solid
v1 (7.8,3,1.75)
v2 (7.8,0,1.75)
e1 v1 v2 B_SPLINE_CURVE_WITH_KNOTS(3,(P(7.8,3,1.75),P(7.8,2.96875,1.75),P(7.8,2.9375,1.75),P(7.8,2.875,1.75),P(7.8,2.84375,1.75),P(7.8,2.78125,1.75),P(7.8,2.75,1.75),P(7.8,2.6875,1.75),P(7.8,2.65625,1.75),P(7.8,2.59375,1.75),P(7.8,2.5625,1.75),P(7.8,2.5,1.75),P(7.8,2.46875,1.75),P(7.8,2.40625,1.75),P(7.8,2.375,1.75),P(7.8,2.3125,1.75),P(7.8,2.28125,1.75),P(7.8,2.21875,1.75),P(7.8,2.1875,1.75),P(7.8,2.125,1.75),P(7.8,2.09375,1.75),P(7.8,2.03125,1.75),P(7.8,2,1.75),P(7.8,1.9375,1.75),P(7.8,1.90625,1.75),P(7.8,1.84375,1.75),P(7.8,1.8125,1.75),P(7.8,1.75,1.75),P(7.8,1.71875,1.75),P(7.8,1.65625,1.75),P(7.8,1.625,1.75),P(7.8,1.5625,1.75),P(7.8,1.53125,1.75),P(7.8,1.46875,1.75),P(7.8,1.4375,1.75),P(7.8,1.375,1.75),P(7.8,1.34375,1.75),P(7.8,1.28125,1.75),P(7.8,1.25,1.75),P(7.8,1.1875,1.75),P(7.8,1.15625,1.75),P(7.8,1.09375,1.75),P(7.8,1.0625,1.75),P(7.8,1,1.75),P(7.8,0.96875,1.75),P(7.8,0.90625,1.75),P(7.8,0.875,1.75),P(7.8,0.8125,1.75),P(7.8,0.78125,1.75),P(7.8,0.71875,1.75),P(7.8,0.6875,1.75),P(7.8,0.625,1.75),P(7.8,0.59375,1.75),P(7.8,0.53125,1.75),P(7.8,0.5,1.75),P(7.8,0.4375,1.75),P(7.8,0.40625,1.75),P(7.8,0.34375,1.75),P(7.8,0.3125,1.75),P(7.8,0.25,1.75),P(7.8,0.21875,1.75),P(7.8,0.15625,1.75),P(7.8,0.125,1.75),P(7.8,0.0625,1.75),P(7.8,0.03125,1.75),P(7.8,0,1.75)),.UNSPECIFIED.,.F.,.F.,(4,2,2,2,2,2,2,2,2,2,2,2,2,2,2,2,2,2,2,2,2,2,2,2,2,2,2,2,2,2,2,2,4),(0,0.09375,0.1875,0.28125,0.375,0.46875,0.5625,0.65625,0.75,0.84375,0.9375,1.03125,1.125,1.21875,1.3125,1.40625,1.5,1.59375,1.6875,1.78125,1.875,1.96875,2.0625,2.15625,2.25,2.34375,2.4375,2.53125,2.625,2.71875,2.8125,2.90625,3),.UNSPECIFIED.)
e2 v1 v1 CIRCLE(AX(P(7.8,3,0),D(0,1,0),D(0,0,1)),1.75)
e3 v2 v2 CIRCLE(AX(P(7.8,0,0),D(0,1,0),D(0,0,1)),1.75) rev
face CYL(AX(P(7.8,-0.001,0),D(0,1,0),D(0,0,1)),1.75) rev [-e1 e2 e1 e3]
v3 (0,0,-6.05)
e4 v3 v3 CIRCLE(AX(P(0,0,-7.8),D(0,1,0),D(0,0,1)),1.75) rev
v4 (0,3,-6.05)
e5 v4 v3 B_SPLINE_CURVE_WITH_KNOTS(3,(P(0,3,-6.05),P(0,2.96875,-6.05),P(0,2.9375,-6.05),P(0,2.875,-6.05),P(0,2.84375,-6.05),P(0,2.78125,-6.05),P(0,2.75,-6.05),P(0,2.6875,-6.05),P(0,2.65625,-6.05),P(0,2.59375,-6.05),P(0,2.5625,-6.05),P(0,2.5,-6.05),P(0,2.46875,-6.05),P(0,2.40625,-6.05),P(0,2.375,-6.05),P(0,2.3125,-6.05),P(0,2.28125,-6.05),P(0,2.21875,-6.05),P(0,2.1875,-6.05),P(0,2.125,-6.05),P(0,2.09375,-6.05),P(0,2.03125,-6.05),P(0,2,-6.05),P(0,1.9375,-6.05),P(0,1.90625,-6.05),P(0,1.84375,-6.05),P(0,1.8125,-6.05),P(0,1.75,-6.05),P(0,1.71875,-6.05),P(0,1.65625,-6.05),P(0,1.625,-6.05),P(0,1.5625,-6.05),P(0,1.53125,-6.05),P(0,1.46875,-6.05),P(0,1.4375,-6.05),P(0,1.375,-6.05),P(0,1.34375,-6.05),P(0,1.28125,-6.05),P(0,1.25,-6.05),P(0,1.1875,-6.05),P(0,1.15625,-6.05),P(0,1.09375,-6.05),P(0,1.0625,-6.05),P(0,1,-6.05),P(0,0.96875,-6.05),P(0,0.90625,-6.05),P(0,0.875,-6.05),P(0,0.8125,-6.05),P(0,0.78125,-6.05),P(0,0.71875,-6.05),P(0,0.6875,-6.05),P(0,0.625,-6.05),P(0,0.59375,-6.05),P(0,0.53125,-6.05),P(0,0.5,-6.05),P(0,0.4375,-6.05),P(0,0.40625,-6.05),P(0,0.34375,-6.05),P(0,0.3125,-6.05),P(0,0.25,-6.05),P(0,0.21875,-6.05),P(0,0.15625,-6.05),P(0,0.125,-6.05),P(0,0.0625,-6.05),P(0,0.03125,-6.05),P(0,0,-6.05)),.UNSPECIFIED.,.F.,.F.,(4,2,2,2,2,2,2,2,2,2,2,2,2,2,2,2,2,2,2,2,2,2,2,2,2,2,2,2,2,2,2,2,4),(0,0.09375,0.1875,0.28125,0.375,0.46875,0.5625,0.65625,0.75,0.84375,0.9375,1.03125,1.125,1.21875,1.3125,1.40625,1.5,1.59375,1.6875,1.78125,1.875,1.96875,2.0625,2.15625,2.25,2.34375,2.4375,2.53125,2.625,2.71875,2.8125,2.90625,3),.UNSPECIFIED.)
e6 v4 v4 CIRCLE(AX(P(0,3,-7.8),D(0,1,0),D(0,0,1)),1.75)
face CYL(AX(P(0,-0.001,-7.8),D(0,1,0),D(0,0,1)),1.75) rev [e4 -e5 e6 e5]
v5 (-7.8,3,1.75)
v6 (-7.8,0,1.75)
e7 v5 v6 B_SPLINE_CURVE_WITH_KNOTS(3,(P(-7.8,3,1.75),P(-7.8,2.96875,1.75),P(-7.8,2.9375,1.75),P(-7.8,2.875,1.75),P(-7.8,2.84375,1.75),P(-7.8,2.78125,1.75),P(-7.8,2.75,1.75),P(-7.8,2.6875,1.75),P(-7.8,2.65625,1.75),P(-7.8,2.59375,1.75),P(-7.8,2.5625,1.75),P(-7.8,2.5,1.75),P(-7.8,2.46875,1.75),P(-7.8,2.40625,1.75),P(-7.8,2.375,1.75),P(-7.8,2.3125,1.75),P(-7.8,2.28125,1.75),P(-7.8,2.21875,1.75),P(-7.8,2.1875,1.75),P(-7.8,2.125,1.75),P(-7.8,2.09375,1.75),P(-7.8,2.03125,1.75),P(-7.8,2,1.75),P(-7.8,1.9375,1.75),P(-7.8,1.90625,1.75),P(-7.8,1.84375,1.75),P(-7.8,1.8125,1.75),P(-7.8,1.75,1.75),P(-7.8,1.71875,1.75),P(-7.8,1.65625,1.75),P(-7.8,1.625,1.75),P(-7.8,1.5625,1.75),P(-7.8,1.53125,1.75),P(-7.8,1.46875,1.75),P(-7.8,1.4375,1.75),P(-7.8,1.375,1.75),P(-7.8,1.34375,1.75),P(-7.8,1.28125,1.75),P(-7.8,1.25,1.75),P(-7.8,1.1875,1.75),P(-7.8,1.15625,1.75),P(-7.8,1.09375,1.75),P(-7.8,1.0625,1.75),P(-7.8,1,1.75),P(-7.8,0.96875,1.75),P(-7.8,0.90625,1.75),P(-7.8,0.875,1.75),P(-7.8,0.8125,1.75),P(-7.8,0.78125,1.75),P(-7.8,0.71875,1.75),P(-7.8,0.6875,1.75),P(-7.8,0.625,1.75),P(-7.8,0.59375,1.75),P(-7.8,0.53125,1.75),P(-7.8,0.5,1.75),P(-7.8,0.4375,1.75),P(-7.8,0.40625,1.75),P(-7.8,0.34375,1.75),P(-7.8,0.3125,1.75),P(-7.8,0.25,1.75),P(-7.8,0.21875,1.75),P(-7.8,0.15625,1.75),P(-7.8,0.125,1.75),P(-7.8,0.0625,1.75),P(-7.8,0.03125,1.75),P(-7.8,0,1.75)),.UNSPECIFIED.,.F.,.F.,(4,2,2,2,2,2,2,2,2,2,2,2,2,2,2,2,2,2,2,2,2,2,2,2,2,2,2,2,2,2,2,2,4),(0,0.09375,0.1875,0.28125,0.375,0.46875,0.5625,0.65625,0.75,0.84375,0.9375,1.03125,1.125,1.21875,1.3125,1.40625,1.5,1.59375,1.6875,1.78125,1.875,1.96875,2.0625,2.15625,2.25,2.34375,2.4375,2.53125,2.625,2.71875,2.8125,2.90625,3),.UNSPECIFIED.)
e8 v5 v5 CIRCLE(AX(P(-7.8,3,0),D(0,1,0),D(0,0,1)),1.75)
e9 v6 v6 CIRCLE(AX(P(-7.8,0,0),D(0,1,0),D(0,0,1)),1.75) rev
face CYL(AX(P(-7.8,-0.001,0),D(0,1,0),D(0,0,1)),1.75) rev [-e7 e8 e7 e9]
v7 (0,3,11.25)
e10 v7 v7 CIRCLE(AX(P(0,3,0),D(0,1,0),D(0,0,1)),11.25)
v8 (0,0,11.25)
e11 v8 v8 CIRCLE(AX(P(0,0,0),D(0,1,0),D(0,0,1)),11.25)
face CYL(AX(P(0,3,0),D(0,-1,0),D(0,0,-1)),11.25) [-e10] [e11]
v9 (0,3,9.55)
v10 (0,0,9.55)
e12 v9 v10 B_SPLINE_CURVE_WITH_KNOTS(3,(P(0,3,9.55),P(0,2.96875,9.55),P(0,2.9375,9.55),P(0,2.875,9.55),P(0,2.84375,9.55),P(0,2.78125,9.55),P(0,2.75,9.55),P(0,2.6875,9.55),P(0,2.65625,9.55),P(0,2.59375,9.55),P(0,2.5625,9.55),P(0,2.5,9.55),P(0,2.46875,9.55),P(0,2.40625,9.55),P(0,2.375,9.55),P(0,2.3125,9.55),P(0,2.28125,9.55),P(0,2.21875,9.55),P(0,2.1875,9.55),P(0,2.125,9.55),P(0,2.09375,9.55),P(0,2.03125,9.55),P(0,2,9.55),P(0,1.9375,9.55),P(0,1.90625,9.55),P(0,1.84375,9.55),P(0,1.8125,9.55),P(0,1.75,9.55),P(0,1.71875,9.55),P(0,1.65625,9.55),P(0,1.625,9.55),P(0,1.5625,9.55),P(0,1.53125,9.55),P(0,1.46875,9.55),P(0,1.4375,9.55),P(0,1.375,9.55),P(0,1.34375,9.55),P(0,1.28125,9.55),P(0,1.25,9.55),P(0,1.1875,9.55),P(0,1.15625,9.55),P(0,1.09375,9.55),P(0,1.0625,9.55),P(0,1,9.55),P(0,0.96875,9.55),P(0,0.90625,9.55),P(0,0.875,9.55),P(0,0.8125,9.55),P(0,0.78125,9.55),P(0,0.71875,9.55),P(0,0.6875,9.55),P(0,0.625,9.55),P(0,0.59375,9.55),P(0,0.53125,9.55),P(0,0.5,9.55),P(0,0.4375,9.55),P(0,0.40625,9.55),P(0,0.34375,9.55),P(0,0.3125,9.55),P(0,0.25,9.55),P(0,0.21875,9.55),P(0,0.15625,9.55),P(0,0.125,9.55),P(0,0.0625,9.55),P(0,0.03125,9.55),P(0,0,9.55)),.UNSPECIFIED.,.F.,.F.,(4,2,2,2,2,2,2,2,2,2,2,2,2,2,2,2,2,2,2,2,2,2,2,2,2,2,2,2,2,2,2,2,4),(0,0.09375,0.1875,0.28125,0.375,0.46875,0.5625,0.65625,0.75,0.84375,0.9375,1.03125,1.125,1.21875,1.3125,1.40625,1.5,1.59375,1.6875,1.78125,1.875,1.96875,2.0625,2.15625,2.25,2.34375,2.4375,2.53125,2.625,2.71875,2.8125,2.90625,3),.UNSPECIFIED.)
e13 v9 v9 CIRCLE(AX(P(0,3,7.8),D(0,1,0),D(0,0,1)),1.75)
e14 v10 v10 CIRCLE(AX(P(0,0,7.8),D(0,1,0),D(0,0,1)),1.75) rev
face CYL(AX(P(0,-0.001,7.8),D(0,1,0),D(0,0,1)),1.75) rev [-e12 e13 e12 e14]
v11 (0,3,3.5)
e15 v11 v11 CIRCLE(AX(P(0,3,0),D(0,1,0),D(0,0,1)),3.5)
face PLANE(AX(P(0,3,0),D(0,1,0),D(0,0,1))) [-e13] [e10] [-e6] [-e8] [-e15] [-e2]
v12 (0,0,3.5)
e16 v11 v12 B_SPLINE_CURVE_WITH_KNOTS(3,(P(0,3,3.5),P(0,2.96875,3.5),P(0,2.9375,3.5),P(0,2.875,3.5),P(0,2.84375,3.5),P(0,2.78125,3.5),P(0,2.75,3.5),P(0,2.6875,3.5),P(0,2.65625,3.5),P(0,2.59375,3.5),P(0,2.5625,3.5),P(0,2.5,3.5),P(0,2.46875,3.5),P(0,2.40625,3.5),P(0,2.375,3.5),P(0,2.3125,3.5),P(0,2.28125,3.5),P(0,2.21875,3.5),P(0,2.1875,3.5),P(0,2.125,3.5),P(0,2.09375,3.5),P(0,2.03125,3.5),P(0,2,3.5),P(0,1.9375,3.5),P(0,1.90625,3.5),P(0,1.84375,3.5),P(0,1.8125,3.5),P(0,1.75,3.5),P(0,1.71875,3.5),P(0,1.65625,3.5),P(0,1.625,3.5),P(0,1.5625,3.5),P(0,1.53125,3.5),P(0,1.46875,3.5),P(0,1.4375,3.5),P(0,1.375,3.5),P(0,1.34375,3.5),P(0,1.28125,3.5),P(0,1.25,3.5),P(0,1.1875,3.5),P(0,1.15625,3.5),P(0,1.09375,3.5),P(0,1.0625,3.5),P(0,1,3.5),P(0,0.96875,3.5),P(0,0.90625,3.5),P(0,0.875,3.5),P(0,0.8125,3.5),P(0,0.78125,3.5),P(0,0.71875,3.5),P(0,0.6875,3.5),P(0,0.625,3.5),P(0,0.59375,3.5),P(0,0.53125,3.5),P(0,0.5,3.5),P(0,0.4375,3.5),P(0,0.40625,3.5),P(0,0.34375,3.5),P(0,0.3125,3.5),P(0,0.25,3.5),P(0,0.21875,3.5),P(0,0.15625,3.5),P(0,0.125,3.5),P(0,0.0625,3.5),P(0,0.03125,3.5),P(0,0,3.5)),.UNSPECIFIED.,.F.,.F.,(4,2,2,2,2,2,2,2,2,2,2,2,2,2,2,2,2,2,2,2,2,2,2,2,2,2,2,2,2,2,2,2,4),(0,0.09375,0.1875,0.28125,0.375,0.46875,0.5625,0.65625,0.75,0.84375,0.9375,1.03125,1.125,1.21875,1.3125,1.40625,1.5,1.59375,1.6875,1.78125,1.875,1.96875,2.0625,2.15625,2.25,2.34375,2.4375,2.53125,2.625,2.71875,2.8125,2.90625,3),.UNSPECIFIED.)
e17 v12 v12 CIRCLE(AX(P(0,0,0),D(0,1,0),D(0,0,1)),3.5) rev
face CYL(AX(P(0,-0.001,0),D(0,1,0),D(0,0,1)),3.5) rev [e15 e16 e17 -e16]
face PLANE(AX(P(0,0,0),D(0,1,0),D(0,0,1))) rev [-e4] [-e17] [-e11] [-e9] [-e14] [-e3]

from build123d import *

# Parameters (mm, degrees)
SKETCH1_R           = 11.25
BOSS_EXTRUDE1_DEPTH = 3
CUT_EXTRUDE1_REACH  = 18.19
SKETCH2_R           = 1.75
SKETCH2_R_2         = 3.5


with BuildPart() as part:
    # Sketch1 → Boss-Extrude1 (new body)
    with BuildSketch(Plane(origin=(0, 0, 0), x_dir=(1, 0, 0), z_dir=(0, 1, 0))):
        with Locations(Location((0, 0, 0), (0, 0, 270))):
            Circle(SKETCH1_R)
    extrude(amount=BOSS_EXTRUDE1_DEPTH)

    # Sketch2 → Cut-Extrude1 (cut, up to next)
    with BuildSketch(Plane(origin=(0, 3, 0), x_dir=(1, 0, 0), z_dir=(0, 1, 0)), mode=Mode.PRIVATE) as cut_extrude1_sk1:
        with Locations(Location((0, 7.8, 0), (0, 0, 270))):
            Circle(SKETCH2_R)
    cut_extrude1_tool1 = extrude(cut_extrude1_sk1.sketch, amount=-CUT_EXTRUDE1_REACH, mode=Mode.PRIVATE) & part.part
    # Sketch2 → Cut-Extrude1 (cut, up to next)
    with BuildSketch(Plane(origin=(0, 3, 0), x_dir=(1, 0, 0), z_dir=(0, 1, 0)), mode=Mode.PRIVATE) as cut_extrude1_sk2:
        with Locations(Location((7.8, 0, 0), (0, 0, 270))):
            Circle(SKETCH2_R)
    cut_extrude1_tool2 = extrude(cut_extrude1_sk2.sketch, amount=-CUT_EXTRUDE1_REACH, mode=Mode.PRIVATE) & part.part
    # Sketch2 → Cut-Extrude1 (cut, up to next)
    with BuildSketch(Plane(origin=(0, 3, 0), x_dir=(1, 0, 0), z_dir=(0, 1, 0)), mode=Mode.PRIVATE) as cut_extrude1_sk3:
        with Locations(Location((0, -7.8, 0), (0, 0, 270))):
            Circle(SKETCH2_R)
    cut_extrude1_tool3 = extrude(cut_extrude1_sk3.sketch, amount=-CUT_EXTRUDE1_REACH, mode=Mode.PRIVATE) & part.part
    # Sketch2 → Cut-Extrude1 (cut, up to next)
    with BuildSketch(Plane(origin=(0, 3, 0), x_dir=(1, 0, 0), z_dir=(0, 1, 0)), mode=Mode.PRIVATE) as cut_extrude1_sk4:
        with Locations(Location((-7.8, 0, 0), (0, 0, 270))):
            Circle(SKETCH2_R)
    cut_extrude1_tool4 = extrude(cut_extrude1_sk4.sketch, amount=-CUT_EXTRUDE1_REACH, mode=Mode.PRIVATE) & part.part
    # Sketch2 → Cut-Extrude1 (cut, up to next)
    with BuildSketch(Plane(origin=(0, 3, 0), x_dir=(1, 0, 0), z_dir=(0, 1, 0)), mode=Mode.PRIVATE) as cut_extrude1_sk5:
        with Locations(Location((0, 0, 0), (0, 0, 270))):
            Circle(SKETCH2_R_2)
    cut_extrude1_tool5 = extrude(cut_extrude1_sk5.sketch, amount=-CUT_EXTRUDE1_REACH, mode=Mode.PRIVATE) & part.part
    add(cut_extrude1_tool1.solids().sort_by_distance((0, 3, -7.8))[0], mode=Mode.SUBTRACT)
    add(cut_extrude1_tool2.solids().sort_by_distance((7.8, 3, 0))[0], mode=Mode.SUBTRACT)
    add(cut_extrude1_tool3.solids().sort_by_distance((0, 3, 7.8))[0], mode=Mode.SUBTRACT)
    add(cut_extrude1_tool4.solids().sort_by_distance((-7.8, 3, 0))[0], mode=Mode.SUBTRACT)
    add(cut_extrude1_tool5.solids().sort_by_distance((0, 3, 0))[0], mode=Mode.SUBTRACT)


solid = part.part
